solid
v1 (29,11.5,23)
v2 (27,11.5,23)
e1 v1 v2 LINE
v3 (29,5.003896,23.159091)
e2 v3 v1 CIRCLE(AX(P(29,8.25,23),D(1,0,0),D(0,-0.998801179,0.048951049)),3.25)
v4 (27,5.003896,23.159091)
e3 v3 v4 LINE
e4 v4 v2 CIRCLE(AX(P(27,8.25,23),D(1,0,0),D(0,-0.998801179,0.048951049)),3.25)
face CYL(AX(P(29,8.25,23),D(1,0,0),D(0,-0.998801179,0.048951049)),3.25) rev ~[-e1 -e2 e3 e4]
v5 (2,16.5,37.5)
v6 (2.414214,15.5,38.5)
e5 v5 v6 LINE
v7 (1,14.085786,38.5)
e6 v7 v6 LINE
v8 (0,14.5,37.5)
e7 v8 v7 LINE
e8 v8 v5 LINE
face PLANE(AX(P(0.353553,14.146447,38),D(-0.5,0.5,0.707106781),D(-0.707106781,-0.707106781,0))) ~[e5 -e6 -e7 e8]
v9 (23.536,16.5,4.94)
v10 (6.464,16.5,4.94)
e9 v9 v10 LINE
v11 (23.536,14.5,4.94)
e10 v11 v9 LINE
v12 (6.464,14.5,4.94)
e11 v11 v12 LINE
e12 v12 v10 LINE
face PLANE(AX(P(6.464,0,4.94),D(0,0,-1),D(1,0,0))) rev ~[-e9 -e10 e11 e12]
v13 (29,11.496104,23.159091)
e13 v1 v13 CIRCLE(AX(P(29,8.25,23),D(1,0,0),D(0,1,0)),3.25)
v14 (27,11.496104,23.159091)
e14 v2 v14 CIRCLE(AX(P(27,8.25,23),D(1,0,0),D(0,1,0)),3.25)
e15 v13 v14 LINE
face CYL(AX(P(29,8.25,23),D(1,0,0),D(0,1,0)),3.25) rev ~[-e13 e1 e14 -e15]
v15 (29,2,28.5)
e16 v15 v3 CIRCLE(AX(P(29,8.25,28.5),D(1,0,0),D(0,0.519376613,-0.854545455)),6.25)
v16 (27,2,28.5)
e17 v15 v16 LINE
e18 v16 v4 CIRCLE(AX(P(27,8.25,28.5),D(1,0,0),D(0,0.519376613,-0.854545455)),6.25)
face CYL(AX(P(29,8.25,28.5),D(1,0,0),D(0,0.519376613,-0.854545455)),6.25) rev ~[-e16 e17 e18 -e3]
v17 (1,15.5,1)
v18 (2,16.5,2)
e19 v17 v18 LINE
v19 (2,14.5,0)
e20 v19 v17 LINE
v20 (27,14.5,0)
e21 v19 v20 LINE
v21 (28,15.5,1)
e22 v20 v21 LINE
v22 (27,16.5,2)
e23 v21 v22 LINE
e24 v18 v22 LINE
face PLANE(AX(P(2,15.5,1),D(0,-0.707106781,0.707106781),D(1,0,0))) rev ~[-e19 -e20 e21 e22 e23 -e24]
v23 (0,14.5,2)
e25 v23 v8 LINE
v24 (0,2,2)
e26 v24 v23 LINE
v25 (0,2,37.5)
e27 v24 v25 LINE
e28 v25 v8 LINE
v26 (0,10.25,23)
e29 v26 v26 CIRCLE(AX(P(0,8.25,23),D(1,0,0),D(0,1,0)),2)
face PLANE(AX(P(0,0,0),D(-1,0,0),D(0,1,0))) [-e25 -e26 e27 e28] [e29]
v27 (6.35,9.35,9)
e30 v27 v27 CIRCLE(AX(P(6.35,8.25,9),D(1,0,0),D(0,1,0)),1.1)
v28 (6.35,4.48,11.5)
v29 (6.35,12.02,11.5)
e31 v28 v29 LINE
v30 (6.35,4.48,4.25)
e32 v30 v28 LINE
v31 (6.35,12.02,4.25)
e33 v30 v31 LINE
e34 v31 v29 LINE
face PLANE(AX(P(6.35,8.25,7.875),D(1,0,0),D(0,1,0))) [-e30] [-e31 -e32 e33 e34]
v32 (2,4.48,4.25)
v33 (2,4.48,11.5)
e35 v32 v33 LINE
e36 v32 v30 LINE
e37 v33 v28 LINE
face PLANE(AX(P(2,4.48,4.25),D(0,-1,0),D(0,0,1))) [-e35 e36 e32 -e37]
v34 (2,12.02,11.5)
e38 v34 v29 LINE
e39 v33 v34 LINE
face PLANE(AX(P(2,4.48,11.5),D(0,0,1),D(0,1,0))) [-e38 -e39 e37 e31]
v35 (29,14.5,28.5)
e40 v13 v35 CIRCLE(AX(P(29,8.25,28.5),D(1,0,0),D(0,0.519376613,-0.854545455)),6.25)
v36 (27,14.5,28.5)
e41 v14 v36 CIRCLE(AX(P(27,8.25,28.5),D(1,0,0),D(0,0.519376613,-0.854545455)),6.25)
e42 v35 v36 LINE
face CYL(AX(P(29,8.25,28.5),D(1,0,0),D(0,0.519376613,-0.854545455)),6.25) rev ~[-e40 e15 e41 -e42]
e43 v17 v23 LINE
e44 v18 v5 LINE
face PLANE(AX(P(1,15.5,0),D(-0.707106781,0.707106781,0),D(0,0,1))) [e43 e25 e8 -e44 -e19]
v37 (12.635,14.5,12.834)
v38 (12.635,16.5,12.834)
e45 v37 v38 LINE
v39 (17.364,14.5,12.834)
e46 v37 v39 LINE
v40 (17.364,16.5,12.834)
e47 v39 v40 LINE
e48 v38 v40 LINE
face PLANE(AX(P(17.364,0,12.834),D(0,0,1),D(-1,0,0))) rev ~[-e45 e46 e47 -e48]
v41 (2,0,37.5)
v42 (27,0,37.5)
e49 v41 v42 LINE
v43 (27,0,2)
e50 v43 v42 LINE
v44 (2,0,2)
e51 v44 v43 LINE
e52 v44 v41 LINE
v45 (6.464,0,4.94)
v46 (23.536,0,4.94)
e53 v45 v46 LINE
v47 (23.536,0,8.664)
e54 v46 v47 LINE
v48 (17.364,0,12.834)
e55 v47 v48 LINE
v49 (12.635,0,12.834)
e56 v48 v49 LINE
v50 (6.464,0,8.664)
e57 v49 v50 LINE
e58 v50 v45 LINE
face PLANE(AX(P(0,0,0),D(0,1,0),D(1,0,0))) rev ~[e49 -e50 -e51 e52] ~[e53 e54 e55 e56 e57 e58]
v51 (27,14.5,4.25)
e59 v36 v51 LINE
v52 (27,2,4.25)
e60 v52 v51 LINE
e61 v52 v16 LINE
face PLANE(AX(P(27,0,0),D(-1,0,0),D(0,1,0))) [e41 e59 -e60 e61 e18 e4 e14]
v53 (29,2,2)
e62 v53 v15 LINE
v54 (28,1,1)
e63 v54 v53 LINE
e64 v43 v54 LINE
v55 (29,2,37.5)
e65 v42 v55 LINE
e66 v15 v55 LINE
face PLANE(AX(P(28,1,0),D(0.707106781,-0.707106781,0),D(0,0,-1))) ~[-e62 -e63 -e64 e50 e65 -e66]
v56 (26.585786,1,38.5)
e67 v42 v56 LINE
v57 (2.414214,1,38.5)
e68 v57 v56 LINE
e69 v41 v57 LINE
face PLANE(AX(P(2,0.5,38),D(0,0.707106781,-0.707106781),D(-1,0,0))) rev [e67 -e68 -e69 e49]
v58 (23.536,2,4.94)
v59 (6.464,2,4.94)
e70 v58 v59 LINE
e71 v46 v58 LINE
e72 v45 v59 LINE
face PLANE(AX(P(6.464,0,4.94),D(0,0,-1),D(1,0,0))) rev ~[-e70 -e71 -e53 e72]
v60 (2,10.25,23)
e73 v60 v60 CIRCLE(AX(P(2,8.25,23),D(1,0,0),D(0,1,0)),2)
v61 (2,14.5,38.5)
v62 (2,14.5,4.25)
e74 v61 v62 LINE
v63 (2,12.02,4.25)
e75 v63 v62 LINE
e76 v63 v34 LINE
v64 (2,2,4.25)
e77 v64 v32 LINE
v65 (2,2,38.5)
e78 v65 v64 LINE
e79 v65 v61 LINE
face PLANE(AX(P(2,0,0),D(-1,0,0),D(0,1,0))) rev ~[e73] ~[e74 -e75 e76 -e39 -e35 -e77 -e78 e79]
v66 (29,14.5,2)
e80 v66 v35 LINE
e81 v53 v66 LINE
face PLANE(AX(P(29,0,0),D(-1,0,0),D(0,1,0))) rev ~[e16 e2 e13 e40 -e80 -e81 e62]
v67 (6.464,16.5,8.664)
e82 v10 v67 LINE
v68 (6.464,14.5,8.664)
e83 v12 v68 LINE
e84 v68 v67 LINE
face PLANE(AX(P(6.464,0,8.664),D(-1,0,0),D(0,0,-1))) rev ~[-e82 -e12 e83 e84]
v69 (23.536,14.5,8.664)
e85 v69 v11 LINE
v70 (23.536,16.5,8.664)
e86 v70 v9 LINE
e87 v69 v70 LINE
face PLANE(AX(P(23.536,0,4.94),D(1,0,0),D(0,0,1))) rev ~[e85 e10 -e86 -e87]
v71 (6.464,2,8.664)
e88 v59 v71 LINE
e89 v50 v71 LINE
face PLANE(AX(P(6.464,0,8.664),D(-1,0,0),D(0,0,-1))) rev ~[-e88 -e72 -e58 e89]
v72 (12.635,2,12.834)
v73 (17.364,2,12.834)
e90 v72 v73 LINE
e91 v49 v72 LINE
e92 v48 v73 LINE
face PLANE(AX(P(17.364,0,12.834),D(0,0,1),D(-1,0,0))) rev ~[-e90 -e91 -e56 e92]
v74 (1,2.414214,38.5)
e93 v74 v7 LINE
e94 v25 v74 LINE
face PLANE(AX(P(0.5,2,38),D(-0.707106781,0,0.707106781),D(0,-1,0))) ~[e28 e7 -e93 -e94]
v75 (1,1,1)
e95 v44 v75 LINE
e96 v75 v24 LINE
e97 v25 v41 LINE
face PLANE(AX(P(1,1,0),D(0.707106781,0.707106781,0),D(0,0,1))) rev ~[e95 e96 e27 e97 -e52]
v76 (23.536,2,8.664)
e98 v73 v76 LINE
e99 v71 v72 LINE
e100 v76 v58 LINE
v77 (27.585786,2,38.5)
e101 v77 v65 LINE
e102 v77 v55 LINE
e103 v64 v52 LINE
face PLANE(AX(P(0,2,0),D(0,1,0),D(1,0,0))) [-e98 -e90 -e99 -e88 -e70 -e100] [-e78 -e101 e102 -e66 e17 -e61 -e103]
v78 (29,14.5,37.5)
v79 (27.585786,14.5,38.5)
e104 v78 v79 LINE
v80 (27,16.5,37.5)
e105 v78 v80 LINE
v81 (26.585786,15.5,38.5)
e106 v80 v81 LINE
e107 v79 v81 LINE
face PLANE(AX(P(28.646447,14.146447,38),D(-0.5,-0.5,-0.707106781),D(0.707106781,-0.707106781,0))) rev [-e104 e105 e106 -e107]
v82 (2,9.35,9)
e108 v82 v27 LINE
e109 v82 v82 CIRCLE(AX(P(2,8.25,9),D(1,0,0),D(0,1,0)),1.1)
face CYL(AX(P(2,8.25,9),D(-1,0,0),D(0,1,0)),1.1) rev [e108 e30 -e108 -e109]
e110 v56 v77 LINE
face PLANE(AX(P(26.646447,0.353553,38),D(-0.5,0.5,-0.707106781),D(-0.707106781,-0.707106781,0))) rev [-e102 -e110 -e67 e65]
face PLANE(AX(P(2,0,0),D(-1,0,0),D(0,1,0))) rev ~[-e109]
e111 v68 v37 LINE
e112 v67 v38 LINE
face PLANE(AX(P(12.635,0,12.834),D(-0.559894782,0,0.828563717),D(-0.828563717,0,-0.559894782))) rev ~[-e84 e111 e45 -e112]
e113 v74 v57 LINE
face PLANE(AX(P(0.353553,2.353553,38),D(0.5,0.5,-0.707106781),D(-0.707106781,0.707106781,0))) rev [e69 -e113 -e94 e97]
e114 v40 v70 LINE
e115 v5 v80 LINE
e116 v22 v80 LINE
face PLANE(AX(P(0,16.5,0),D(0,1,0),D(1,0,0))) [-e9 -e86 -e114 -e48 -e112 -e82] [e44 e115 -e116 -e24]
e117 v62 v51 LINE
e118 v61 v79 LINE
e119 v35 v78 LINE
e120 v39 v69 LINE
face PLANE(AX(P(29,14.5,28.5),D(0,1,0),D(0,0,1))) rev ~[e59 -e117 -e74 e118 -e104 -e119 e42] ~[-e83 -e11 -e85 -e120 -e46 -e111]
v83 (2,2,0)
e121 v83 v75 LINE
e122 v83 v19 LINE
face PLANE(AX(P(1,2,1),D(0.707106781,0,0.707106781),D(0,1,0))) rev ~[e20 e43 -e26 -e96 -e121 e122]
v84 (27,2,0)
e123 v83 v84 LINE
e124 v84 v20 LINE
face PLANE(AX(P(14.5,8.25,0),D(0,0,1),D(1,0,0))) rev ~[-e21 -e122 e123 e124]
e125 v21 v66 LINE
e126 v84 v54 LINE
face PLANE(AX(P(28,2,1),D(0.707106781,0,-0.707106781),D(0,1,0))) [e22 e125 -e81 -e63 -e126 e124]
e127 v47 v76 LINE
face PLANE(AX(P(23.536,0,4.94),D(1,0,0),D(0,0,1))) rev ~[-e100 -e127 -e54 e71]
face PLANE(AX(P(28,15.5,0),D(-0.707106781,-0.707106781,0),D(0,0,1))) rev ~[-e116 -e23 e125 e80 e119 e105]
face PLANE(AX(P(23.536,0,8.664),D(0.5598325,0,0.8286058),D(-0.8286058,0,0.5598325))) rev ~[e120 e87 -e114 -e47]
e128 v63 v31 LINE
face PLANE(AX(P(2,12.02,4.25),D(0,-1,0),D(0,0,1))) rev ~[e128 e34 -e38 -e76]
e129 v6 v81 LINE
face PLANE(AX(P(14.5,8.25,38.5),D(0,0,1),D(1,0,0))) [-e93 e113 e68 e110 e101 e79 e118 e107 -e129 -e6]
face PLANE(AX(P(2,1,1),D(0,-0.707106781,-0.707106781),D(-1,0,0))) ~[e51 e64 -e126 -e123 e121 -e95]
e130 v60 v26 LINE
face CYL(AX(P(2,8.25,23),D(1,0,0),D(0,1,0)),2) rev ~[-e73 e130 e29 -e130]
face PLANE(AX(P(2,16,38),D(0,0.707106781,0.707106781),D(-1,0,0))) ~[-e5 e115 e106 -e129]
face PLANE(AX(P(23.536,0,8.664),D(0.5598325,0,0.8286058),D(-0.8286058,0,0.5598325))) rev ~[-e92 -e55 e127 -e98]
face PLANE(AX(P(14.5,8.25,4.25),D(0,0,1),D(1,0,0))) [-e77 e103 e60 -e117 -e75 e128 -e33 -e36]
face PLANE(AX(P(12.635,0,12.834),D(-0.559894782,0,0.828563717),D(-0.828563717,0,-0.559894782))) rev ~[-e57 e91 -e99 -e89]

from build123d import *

# Parameters (mm, degrees)
F0_W      = 29
F0_H      = 16.5
F1_DEPTH  = 38.5
F2_T      = -2
F3_DEPTH  = 2.25
F4_SIZE   = 2
F5_SIZE   = 2
F6_SIZE   = 1
F8_DEPTH  = 16.501
F10_DEPTH = 2
F11_R     = 2
F12_DEPTH = 2.001
F13_W     = 7.54
F13_H     = 7.25
F13_R     = 1.1
F14_DEPTH = 4.35


with BuildPart() as f1:
    # F0 (on Top) → F1 (new body)
    with BuildSketch(Plane.XY):
        with Locations((14.5, 8.25)):
            Rectangle(F0_W, F0_H)
    extrude(amount=F1_DEPTH)

    # F2
    f2_openings = [f1.faces().sort_by_distance(p)[0] for p in [
        (14.5, 8.25, 38.5),
    ]]
    offset(amount=F2_T, openings=f2_openings)

    # F3 (add): a face of the model
    f3_faces = [f1.faces().sort_by_distance(p)[0] for p in [
        (14.5, 8.25, 2),
    ]]
    extrude(f3_faces, amount=F3_DEPTH)

    # F4
    f4_edges = [f1.edges().sort_by_distance(p)[0] for p in [
        (29, 0, 19.25),
        (29, 16.5, 19.25),
        (0, 16.5, 19.25),
        (0, 0, 19.25),
    ]]
    chamfer(f4_edges, length=F4_SIZE)

    # F5 (call 1 of 4: OpenCascade refuses the feature's edges together)
    f5_edges = [f1.edges().sort_by_distance(p)[0] for p in [
        (14.5, 0, 0),
    ]]
    chamfer(f5_edges, length=F5_SIZE)

    # F5#2 (call 2 of 4)
    f5_2_edges = [f1.edges().sort_by_distance(p)[0] for p in [
        (29, 8.25, 0),
    ]]
    chamfer(f5_2_edges, length=F5_SIZE)

    # F5#3 (call 3 of 4)
    f5_3_edges = [f1.edges().sort_by_distance(p)[0] for p in [
        (0, 8.25, 0),
    ]]
    chamfer(f5_3_edges, length=F5_SIZE)

    # F5#4 (call 4 of 4)
    f5_4_edges = [f1.edges().sort_by_distance(p)[0] for p in [
        (14.5, 16.5, 0),
    ]]
    chamfer(f5_4_edges, length=F5_SIZE)

    # F6
    f6_edges = [f1.edges().sort_by_distance(p)[0] for p in [
        (29, 8.25, 38.5),
        (28, 15.5, 38.5),
        (14.5, 16.5, 38.5),
        (1, 15.5, 38.5),
        (0, 8.25, 38.5),
        (1, 1, 38.5),
        (14.5, 0, 38.5),
        (28, 1, 38.5),
    ]]
    chamfer(f6_edges, length=F6_SIZE)

    # F7 (on face) → F8 (cut, through all)
    with BuildSketch(Plane.XZ):
        Polygon((6.464, 8.664), (6.464, 4.94), (23.536, 4.94), (23.536, 8.664), (17.364, 12.834), (12.635, 12.834), align=None)
    extrude(amount=-F8_DEPTH, mode=Mode.SUBTRACT)

    # F9 (on face) → F10 (cut, through all)
    with BuildSketch(Plane.YZ.offset(29)):
        with BuildLine():
            ThreePointArc((5.0038961688, 23.1590909091), (8.1704306945, 19.7509741882), (11.5, 23))
            ThreePointArc((11.5, 23), (11.4990258118, 23.0795693055), (11.4961038312, 23.1590909091))
            ThreePointArc((11.4961038312, 23.1590909091), (8.25, 22.25), (5.0038961688, 23.1590909091))
        make_face()
        with BuildLine():
            ThreePointArc((5.0038961688, 23.1590909091), (8.25, 22.25), (11.4961038312, 23.1590909091))
            ThreePointArc((11.4961038312, 23.1590909091), (8.25, 26.25), (5.0038961688, 23.1590909091))
        make_face()
        with BuildLine():
            ThreePointArc((5.0038961688, 23.1590909091), (8.25, 26.25), (11.4961038312, 23.1590909091))
            ThreePointArc((11.4961038312, 23.1590909091), (13.6975062618, 25.4361502113), (14.5, 28.5))
            Line((14.5, 28.5), (2, 28.5))
            ThreePointArc((2, 28.5), (2.8024937382, 25.4361502113), (5.0038961688, 23.1590909091))
        make_face()
        with BuildLine():
            Line((2, 28.5), (14.5, 28.5))
            ThreePointArc((14.5, 28.5), (8.25, 34.75), (2, 28.5))
        make_face()
        with BuildLine():
            ThreePointArc((2, 28.5), (8.25, 34.75), (14.5, 28.5))
            Line((14.5, 28.5), (14.5, 38.5))
            Line((14.5, 38.5), (2, 38.5))
            Line((2, 38.5), (2, 28.5))
        make_face()
    extrude(amount=-F10_DEPTH, mode=Mode.SUBTRACT)

    # F11 (on face) → F12 (cut, through all)
    with BuildSketch(Plane.YZ.offset(2)):
        with Locations((8.25, 23)):
            Circle(F11_R)
    extrude(amount=-F12_DEPTH, mode=Mode.SUBTRACT)

    # F13 (on face) → F14 (join)
    with BuildSketch(Plane.YZ.offset(2)):
        with Locations((8.25, 7.875)):
            Rectangle(F13_W, F13_H)
        with Locations((8.25, 9)):
            Circle(F13_R, mode=Mode.SUBTRACT)
    extrude(amount=F14_DEPTH)


solid = f1.part
